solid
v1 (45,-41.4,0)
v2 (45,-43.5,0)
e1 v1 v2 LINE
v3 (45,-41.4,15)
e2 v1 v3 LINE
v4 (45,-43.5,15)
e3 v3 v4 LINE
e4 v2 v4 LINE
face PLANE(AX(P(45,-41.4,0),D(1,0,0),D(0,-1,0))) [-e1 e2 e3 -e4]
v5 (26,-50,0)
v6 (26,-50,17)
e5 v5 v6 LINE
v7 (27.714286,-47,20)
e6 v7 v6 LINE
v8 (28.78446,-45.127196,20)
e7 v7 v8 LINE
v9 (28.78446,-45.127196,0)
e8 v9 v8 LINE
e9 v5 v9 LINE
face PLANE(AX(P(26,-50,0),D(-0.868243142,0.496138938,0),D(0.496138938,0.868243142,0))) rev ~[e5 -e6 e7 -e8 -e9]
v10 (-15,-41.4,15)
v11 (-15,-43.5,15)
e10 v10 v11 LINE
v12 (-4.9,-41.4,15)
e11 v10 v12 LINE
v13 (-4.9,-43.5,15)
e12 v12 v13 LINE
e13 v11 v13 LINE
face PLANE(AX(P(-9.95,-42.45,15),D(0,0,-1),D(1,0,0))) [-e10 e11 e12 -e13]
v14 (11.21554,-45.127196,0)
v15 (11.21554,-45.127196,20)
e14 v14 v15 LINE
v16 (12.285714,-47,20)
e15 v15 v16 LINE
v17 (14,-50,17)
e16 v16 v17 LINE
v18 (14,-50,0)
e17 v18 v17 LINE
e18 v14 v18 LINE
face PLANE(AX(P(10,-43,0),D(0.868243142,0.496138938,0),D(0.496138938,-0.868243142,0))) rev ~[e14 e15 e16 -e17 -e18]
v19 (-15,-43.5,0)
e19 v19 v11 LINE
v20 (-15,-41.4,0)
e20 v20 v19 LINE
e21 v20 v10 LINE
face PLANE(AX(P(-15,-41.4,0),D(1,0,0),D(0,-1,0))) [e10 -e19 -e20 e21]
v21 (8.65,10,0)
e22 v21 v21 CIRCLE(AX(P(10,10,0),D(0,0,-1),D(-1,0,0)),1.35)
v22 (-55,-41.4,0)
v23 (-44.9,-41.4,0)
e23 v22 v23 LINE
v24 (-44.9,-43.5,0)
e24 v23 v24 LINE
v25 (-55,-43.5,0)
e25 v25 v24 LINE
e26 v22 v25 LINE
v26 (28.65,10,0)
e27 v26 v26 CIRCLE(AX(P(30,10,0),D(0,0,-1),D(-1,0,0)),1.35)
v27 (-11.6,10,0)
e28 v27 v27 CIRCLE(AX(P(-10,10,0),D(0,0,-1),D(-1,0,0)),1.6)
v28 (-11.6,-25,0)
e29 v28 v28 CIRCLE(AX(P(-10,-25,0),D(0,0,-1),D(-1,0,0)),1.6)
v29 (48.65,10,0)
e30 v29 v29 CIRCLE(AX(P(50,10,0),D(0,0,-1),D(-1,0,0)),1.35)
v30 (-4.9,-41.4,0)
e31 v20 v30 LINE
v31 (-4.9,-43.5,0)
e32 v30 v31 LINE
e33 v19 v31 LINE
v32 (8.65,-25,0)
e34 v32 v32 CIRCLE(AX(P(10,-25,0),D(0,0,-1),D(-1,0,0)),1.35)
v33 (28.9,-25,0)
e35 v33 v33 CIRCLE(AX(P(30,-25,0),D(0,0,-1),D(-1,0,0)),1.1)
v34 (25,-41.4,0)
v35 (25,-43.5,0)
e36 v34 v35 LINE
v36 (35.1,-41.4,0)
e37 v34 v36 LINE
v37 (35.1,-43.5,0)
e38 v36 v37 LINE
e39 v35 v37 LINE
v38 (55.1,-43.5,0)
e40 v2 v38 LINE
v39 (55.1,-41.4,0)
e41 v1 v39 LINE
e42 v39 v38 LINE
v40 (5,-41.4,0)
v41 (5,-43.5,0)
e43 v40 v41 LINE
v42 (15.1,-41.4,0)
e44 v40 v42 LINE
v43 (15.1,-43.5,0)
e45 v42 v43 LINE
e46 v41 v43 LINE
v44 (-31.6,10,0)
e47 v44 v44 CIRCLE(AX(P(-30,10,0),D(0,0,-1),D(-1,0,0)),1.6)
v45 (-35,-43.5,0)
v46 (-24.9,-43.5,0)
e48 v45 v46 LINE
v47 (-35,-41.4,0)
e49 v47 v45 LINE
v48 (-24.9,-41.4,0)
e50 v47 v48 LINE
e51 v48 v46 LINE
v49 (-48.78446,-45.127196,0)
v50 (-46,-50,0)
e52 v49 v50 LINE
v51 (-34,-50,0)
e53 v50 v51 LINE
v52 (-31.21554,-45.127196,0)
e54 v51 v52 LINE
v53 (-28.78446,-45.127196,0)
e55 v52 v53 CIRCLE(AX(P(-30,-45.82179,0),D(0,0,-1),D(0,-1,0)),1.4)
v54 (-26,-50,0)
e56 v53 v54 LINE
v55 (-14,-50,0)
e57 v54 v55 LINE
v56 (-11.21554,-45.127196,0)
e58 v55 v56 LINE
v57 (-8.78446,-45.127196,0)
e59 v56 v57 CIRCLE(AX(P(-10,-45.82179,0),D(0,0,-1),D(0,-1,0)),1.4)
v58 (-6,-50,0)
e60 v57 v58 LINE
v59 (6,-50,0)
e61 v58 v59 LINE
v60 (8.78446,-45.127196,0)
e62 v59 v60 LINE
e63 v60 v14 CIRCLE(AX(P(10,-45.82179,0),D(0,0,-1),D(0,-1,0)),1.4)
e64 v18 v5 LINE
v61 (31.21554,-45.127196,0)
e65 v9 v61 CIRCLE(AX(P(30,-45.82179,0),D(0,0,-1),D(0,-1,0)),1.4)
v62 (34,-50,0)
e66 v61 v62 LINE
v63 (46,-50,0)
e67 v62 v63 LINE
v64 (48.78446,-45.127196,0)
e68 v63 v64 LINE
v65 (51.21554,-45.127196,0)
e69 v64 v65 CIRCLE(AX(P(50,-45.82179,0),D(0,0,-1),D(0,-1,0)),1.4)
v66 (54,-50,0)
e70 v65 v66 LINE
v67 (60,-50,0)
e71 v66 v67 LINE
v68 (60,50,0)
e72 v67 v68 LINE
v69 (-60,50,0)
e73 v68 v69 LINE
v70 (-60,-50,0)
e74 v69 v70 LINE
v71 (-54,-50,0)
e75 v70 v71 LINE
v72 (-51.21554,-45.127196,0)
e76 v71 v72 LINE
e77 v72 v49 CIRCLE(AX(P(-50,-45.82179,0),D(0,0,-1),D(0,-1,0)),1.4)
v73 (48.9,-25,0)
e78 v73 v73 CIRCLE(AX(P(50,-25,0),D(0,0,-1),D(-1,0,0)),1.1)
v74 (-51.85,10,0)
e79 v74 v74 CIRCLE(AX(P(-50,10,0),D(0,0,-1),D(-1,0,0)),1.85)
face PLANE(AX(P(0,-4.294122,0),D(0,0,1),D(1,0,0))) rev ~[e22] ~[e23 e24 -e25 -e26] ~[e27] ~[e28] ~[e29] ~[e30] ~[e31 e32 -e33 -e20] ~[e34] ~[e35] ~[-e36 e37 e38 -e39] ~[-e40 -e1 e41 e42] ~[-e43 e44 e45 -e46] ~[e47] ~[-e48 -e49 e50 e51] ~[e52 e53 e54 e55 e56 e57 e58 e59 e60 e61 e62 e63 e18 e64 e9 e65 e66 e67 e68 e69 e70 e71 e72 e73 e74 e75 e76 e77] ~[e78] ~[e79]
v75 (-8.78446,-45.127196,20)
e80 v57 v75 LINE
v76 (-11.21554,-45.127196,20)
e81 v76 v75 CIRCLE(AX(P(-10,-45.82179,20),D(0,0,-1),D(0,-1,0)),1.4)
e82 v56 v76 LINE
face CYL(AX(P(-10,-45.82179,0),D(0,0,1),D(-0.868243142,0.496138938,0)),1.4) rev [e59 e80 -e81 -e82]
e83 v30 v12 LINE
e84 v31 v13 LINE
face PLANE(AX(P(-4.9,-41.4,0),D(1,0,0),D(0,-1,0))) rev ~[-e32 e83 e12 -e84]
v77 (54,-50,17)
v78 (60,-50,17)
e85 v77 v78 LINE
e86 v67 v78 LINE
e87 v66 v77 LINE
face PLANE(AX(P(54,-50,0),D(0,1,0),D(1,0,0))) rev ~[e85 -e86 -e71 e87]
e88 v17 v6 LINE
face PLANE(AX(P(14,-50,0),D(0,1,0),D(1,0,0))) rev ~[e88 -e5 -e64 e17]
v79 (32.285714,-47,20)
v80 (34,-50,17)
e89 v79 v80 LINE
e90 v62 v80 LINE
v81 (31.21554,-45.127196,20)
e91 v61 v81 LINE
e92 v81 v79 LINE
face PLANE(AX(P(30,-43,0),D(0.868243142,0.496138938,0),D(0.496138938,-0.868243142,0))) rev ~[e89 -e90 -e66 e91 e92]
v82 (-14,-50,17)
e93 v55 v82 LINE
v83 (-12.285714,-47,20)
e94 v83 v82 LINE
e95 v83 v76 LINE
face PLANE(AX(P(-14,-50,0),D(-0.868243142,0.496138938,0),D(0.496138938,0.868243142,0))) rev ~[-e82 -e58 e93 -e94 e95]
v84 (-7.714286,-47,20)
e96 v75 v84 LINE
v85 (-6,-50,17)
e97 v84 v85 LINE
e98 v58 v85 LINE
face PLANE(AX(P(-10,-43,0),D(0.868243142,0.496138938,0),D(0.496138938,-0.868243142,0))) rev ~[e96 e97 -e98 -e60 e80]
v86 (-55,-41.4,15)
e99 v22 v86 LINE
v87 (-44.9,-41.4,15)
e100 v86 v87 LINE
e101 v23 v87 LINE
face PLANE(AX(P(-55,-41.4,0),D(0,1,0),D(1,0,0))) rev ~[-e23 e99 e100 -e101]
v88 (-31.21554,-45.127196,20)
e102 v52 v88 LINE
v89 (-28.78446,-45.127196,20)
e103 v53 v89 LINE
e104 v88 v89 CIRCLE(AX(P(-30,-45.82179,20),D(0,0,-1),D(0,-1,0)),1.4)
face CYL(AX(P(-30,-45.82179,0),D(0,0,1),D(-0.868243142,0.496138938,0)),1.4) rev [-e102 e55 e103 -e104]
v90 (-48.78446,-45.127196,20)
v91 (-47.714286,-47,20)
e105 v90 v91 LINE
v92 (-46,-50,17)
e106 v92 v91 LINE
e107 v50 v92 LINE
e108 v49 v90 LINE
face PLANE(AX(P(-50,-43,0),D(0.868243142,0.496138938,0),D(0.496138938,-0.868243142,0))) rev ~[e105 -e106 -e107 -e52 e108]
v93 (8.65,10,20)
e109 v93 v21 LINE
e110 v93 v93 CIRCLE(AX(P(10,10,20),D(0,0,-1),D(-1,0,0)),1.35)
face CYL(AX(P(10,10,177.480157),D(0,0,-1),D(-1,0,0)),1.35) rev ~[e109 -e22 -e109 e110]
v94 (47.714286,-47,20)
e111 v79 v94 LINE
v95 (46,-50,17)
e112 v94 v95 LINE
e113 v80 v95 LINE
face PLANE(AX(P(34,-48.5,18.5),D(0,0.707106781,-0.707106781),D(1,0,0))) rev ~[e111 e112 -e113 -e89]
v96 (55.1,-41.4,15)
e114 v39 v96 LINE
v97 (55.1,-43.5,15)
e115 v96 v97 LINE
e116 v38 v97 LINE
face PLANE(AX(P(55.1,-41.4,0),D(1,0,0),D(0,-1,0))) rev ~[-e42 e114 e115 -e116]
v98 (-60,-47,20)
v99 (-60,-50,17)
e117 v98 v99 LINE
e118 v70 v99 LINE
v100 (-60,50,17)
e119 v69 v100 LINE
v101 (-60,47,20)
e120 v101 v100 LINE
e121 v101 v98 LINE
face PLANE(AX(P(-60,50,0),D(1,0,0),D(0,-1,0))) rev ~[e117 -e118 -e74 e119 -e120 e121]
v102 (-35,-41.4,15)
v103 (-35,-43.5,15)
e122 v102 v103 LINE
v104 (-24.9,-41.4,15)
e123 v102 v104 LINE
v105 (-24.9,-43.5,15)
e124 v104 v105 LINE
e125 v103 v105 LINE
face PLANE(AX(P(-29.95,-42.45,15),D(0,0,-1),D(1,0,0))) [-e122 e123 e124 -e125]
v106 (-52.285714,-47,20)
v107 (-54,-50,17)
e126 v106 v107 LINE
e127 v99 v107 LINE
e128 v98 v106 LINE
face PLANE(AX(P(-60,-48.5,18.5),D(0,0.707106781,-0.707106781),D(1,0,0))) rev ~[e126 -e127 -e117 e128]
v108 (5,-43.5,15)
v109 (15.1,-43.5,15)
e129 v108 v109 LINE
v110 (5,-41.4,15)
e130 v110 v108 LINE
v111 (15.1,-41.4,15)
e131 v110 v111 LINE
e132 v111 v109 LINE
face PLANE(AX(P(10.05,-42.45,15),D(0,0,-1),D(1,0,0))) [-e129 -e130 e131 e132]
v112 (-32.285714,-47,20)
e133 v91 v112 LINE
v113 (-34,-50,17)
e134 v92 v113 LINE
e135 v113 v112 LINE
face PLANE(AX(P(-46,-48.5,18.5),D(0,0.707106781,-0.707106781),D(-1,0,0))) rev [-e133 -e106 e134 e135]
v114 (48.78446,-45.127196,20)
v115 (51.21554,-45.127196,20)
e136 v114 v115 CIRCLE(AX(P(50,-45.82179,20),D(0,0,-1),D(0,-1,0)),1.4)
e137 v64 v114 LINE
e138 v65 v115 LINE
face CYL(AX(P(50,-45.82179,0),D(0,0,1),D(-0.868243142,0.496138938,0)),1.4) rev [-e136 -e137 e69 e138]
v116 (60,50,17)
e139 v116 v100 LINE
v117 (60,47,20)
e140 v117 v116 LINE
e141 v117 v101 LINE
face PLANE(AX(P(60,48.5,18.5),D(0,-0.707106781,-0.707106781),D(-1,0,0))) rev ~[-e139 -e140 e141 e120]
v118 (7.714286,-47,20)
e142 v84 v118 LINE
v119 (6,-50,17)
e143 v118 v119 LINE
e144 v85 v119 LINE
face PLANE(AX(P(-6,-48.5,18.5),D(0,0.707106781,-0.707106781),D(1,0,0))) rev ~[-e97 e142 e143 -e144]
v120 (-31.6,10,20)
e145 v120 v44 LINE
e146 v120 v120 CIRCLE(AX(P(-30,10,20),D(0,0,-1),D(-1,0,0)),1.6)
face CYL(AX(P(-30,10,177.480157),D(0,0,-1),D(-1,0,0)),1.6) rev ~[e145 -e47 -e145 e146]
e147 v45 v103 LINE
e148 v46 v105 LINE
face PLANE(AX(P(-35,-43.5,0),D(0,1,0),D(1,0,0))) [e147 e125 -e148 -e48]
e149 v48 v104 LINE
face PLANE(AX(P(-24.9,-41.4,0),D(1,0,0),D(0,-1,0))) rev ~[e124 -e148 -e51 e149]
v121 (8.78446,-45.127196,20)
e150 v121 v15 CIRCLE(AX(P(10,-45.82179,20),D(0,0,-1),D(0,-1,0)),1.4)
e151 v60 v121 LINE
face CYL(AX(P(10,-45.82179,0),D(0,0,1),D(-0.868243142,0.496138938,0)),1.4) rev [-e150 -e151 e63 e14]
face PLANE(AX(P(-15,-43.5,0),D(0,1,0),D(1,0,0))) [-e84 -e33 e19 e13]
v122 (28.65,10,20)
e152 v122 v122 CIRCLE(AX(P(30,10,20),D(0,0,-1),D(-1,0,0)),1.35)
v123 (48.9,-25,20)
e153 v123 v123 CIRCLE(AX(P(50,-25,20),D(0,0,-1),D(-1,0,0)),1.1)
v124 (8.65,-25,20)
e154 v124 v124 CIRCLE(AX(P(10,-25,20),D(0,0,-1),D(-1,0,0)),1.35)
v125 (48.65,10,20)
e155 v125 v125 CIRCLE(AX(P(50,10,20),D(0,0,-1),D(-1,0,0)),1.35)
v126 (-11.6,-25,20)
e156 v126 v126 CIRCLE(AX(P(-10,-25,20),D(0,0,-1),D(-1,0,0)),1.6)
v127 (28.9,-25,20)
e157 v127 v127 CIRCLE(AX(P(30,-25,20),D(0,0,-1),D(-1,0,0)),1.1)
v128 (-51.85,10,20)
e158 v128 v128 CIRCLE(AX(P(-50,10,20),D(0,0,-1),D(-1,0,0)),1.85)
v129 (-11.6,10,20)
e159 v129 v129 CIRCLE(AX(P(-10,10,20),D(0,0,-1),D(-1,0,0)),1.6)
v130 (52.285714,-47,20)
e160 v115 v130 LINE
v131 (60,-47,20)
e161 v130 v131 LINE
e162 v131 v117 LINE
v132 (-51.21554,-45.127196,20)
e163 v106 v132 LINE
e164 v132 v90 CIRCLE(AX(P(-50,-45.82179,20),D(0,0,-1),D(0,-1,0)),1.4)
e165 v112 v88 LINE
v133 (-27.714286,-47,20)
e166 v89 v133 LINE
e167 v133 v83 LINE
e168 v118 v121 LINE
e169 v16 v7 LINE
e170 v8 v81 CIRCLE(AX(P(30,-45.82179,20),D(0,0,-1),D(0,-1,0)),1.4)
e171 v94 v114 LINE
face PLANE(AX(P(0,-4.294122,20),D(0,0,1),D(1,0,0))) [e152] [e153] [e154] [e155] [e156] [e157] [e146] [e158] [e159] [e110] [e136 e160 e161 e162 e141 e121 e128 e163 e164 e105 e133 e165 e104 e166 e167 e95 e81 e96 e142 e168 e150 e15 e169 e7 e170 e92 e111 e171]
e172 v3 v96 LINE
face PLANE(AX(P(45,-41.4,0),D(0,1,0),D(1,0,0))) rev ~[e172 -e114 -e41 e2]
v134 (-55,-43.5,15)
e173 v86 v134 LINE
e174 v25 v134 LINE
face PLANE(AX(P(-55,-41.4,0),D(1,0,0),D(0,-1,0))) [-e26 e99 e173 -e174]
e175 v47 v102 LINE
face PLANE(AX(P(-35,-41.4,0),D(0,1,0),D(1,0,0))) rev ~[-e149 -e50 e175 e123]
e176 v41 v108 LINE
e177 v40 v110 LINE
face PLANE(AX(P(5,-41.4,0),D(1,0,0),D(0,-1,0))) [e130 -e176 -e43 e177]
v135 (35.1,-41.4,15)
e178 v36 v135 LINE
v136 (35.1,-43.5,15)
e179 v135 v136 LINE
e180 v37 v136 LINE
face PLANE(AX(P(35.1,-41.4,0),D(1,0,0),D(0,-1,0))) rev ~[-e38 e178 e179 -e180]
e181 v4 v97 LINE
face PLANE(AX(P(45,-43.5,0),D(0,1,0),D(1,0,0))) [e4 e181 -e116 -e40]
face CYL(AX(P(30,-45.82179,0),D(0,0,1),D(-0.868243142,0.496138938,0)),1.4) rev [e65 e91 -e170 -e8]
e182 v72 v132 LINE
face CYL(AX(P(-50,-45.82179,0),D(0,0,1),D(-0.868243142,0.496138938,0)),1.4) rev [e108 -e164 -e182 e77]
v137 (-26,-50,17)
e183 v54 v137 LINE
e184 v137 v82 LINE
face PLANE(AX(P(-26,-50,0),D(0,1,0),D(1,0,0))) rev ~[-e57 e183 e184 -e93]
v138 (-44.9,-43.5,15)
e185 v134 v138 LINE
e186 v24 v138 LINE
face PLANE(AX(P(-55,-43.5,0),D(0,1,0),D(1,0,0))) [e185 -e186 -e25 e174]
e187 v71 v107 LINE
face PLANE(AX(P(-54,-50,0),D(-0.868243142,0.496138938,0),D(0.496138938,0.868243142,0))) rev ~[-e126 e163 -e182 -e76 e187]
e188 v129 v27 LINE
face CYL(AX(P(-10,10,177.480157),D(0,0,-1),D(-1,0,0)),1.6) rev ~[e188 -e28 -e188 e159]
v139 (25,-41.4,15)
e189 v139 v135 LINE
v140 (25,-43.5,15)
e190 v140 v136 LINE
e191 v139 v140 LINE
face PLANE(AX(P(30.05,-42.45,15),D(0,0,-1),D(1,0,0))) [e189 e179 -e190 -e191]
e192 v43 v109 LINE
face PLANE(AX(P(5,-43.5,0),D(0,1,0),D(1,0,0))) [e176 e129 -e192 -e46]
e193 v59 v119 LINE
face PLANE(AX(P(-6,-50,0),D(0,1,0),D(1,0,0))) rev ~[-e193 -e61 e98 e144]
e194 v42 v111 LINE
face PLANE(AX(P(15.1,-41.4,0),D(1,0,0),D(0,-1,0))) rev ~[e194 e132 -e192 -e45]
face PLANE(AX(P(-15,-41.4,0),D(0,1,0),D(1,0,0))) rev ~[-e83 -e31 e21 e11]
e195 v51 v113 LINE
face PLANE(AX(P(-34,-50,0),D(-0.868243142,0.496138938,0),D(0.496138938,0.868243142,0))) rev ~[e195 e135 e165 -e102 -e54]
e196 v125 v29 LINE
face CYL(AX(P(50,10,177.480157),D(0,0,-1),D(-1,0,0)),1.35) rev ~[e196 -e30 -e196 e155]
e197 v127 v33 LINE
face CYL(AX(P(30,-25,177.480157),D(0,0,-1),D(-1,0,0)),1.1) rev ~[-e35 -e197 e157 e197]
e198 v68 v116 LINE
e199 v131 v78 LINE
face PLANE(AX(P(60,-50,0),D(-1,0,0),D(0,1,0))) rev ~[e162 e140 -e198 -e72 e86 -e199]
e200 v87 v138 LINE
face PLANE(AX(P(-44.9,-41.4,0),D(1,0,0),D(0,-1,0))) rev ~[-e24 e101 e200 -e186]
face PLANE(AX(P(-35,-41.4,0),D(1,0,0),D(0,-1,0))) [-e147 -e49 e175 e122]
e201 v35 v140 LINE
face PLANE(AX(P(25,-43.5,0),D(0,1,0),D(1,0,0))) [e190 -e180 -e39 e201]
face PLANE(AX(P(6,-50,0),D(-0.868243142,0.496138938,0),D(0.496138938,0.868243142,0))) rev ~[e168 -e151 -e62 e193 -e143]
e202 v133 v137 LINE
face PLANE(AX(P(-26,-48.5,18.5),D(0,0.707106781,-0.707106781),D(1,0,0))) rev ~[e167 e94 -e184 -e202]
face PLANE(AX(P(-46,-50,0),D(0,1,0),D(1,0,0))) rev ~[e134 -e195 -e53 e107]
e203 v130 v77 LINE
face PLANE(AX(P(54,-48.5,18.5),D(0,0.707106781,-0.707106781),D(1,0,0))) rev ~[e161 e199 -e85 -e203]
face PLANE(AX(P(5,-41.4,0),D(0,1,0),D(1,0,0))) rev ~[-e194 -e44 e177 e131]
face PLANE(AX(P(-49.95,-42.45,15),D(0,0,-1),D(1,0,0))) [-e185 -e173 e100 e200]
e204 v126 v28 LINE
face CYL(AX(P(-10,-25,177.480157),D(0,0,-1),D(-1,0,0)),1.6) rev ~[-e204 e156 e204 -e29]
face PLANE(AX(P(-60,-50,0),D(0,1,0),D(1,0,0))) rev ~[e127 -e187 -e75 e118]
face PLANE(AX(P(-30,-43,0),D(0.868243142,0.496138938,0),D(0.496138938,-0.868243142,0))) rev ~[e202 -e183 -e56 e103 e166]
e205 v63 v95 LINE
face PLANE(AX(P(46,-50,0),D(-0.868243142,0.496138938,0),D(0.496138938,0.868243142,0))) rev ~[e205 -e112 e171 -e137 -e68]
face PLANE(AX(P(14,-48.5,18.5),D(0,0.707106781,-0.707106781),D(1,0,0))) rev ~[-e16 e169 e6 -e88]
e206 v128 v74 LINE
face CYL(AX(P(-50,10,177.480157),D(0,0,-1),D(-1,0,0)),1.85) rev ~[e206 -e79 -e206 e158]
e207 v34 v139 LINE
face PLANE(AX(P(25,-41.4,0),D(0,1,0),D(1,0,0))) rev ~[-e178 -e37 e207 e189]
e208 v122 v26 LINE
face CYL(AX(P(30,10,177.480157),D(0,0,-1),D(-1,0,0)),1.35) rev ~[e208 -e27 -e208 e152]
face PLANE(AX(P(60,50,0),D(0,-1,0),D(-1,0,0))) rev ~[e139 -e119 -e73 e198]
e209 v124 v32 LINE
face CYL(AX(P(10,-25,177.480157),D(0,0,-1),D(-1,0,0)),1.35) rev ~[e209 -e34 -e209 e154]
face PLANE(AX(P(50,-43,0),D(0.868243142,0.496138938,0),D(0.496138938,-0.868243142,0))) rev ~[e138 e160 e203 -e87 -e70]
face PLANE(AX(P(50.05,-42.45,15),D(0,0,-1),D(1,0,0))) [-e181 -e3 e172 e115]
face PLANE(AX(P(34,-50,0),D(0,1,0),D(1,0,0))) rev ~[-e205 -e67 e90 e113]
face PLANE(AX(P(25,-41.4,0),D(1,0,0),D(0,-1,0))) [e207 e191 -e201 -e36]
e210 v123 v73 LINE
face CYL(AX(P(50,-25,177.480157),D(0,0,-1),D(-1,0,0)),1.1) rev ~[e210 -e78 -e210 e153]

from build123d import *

# Parameters (mm, degrees)
F1_DEPTH = 20
F2_R     = 1.4
F3_W     = 10.1
F3_H     = 2.1
F4_DEPTH = 15
F5_SIZE  = 3
F7_D     = 2.2
F8_D     = 2.7
F9_D     = 3.2
F10_D    = 3.7


with BuildPart() as f1:
    # F0 (on Top) → F1 (new body)
    with BuildSketch(Plane.XY):
        Polygon((-46, -50), (-40, -50), (-34, -50), (-30, -43), (-26, -50), (-20, -50), (-14, -50), (-10, -43), (-6, -50), (0, -50), (6, -50), (10, -43), (14, -50), (20, -50), (26, -50), (30, -43), (34, -50), (40, -50), (46, -50), (50, -43), (54, -50), (60, -50), (60, 50), (-60, 50), (-60, -50), (-54, -50), (-50, -43), align=None)
    extrude(amount=F1_DEPTH)

    # F2
    f2_edges = [f1.edges().sort_by_distance(p)[0] for p in [
        (-50, -43, 10),
        (-30, -43, 10),
        (-10, -43, 10),
        (10, -43, 10),
        (30, -43, 10),
        (50, -43, 10),
    ]]
    fillet(f2_edges, radius=F2_R)

    # F3 (on face) → F4 (cut)
    with BuildSketch(Plane(origin=(0, 0, 0), x_dir=(1, 0, 0), z_dir=(0, 0, -1))):
        with Locations((-49.95, 42.45)):
            Rectangle(F3_W, F3_H)
        with Locations((-29.95, 42.45)):
            Rectangle(F3_W, F3_H)
        with Locations((-9.95, 42.45)):
            Rectangle(F3_W, F3_H)
        with Locations((10.05, 42.45)):
            Rectangle(F3_W, F3_H)
        with Locations((30.05, 42.45)):
            Rectangle(F3_W, F3_H)
        with Locations((50.05, 42.45)):
            Rectangle(F3_W, F3_H)
    extrude(amount=-F4_DEPTH, mode=Mode.SUBTRACT)

    # F5
    f5_edges = [f1.edges().sort_by_distance(p)[0] for p in [
        (0, 50, 20),
        (-40, -50, 20),
        (-57, -50, 20),
        (-20, -50, 20),
        (0, -50, 20),
        (20, -50, 20),
        (40, -50, 20),
        (57, -50, 20),
    ]]
    chamfer(f5_edges, length=F5_SIZE)

    # F7 (through all)
    with Locations(Plane.XY.offset(20)):
        with Locations((50, -25), (30, -25)):
            Hole(F7_D / 2)

    # F8 (through all)
    with Locations(Plane.XY.offset(20)):
        with Locations((50, 10), (30, 10), (10, 10), (10, -25)):
            Hole(F8_D / 2)

    # F9 (through all)
    with Locations(Plane.XY.offset(20)):
        with Locations((-10, 10), (-30, 10), (-10, -25)):
            Hole(F9_D / 2)

    # F10 (through all)
    with Locations(Plane.XY.offset(20)):
        with Locations((-50, 10)):
            Hole(F10_D / 2)


solid = f1.part
